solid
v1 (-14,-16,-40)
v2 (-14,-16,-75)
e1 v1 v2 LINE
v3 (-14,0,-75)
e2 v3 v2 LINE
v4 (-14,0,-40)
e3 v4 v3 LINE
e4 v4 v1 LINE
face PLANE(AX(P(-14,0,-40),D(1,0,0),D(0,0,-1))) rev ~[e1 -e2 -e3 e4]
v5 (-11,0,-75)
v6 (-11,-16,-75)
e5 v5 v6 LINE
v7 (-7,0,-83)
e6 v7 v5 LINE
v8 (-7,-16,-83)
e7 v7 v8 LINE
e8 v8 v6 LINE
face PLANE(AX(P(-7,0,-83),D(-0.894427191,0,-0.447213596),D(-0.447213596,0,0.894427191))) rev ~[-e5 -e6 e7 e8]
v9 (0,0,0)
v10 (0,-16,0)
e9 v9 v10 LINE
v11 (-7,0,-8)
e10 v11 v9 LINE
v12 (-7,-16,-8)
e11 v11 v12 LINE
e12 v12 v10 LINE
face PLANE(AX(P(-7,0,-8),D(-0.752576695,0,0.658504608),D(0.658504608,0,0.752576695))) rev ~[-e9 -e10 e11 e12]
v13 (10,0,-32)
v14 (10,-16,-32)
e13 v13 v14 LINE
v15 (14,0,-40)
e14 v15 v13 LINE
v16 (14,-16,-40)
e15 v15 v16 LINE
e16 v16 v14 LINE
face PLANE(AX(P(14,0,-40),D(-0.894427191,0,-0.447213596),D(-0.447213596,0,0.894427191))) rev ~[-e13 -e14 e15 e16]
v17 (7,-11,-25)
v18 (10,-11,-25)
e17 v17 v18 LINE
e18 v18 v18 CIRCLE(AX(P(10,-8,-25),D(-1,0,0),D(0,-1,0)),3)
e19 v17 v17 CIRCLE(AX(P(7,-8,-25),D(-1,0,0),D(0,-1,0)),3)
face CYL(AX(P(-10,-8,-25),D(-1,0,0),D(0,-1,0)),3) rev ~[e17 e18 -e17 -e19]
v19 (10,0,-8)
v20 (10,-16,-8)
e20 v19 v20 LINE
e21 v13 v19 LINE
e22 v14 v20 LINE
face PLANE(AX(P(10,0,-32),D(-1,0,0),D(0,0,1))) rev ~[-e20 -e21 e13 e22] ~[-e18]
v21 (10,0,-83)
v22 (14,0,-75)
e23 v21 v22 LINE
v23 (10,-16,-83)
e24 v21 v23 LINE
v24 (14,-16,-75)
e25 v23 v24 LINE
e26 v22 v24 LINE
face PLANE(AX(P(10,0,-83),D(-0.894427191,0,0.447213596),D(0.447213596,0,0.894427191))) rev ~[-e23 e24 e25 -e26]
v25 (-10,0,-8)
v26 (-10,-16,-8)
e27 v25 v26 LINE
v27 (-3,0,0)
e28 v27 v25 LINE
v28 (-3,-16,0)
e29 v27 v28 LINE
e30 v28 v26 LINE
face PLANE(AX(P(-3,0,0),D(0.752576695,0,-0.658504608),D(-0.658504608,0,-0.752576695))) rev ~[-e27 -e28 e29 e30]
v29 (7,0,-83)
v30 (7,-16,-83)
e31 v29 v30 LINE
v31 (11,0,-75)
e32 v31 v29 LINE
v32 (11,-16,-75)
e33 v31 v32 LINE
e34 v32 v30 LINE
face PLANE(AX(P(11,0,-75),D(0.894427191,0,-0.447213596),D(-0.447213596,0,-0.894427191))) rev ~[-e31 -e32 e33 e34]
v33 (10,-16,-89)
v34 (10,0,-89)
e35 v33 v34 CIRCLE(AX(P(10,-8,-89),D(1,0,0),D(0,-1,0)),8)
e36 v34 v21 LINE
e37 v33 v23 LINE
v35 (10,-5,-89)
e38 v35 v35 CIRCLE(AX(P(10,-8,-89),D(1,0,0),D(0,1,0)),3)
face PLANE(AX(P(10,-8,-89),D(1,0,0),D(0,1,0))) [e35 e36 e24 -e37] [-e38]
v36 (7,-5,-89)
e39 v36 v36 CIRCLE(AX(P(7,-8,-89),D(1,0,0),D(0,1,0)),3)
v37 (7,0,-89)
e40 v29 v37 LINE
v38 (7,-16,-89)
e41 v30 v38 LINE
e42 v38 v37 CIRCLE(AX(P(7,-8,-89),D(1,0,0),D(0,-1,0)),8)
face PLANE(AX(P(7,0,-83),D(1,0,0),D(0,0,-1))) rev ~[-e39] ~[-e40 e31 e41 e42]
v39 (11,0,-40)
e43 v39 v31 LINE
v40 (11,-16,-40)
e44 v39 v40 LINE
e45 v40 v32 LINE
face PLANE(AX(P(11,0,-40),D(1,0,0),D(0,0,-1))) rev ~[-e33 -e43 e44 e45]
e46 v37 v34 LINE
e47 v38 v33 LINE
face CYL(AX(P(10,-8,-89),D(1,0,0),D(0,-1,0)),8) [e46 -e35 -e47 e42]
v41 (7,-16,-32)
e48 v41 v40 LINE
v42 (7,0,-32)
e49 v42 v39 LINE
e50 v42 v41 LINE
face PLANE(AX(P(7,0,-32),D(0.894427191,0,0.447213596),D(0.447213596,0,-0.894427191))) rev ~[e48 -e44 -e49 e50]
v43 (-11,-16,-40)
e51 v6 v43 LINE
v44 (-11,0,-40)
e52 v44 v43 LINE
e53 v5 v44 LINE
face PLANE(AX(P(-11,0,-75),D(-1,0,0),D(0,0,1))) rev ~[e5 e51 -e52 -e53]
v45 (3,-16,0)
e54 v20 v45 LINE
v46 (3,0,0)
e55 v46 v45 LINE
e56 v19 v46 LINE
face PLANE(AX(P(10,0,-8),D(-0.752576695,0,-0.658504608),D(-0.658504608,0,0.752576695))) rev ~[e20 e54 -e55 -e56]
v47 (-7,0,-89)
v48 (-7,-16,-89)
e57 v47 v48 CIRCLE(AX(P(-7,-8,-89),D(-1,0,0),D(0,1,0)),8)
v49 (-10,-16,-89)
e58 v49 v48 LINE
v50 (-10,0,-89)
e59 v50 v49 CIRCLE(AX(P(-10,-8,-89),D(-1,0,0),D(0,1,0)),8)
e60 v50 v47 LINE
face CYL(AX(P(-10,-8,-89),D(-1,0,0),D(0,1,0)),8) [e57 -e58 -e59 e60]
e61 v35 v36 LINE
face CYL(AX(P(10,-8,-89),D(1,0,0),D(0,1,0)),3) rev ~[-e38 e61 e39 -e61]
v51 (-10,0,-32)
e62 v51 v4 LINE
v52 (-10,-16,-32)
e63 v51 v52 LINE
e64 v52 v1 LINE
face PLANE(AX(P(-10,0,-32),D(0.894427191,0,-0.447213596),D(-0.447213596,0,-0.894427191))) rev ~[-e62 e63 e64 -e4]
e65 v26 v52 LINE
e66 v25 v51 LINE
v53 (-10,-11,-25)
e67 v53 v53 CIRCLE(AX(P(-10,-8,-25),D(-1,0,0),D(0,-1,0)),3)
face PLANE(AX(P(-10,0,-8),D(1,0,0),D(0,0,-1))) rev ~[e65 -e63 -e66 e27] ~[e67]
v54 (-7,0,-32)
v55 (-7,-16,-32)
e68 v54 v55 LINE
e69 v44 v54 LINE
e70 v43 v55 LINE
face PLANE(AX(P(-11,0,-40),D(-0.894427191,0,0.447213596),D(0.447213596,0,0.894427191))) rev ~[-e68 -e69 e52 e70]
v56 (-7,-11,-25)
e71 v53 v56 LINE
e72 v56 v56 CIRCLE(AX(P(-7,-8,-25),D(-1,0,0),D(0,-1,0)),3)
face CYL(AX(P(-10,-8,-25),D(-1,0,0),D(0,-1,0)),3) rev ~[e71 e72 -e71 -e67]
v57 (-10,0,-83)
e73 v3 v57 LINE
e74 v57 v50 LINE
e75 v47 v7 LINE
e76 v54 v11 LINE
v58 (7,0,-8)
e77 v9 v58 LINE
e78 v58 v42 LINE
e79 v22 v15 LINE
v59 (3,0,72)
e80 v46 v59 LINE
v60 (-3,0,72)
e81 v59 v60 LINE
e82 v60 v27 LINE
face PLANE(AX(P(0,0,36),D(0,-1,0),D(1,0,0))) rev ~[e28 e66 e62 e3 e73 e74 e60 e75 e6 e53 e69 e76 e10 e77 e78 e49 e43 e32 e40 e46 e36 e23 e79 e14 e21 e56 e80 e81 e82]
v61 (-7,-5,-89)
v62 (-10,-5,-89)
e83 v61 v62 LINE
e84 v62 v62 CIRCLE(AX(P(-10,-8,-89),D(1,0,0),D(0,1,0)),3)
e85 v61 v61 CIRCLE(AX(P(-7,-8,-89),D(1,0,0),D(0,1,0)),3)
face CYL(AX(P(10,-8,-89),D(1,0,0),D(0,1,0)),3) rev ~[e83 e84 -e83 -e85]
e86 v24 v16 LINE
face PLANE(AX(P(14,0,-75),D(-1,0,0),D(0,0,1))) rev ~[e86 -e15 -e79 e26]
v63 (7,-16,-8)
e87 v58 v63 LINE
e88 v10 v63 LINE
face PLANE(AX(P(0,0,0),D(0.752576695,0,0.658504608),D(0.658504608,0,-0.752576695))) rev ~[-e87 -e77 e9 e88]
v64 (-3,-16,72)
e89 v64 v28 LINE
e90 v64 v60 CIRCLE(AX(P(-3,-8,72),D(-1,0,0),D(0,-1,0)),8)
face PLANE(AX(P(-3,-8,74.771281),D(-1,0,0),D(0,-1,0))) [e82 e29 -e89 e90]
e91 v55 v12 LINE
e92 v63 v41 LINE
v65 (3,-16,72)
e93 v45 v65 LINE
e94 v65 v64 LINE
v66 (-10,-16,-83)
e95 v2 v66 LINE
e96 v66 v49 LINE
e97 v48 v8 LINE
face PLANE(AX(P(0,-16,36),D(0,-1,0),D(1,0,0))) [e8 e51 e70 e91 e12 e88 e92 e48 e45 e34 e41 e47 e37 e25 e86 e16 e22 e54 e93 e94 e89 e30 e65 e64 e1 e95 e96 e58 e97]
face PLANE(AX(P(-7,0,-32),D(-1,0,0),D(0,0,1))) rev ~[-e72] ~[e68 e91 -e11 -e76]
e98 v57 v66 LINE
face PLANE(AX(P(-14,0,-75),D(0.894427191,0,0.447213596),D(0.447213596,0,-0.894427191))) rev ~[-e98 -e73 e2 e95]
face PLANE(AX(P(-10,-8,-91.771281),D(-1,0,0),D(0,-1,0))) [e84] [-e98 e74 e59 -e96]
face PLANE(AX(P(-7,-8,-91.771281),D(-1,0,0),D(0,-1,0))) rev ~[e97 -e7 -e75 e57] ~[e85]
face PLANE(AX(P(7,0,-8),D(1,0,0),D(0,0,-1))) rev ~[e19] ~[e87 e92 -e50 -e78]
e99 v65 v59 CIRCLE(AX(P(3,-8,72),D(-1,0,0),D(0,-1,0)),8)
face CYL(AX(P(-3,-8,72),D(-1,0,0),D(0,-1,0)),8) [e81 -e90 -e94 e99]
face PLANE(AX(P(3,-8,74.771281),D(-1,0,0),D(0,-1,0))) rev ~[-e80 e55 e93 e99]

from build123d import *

# Parameters (mm, degrees)
F1_DEPTH  = 16
F2_R      = 3
F3_DEPTH  = 20
F5_DEPTH  = 6
F7_DEPTH  = 3
F8_R      = 3
F9_DEPTH  = 3
F10_DEPTH = 20


with BuildPart() as f1:
    # F0 (on Front) → F1 (new body)
    with BuildSketch(Plane.XZ):
        Polygon((3, 72), (-3, 72), (-3, 0), (0, 0), (3, 0), align=None)
        Polygon((0, 0), (-3, 0), (-10, -8), (-10, -32), (-14, -40), (-14, -75), (-10, -83), (-10, -89), (-7, -89), (-7, -83), (-11, -75), (-11, -40), (-7, -32), (-7, -8), align=None)
        Polygon((10, -8), (3, 0), (0, 0), (7, -8), (7, -32), (11, -40), (11, -75), (7, -83), (7, -89), (10, -89), (10, -83), (14, -75), (14, -40), (10, -32), align=None)
    extrude(amount=F1_DEPTH)

    # F2 (on face) → F3 (cut)
    with BuildSketch(Plane(origin=(-10, 0, 0), x_dir=(0, -1, 0), z_dir=(-1, 0, 0))):
        with Locations((8, -25)):
            Circle(F2_R)
    extrude(amount=-F3_DEPTH, mode=Mode.SUBTRACT)

    # F4 (on face) → F5 (join)
    with BuildSketch(Plane(origin=(-3, 0, 0), x_dir=(0, -1, 0), z_dir=(-1, 0, 0))):
        with BuildLine():
            Line((0, 72), (16, 72))
            ThreePointArc((16, 72), (8, 80), (0, 72))
        make_face()
    extrude(amount=-F5_DEPTH)

    # F6 (on face) → F7 (join)
    with BuildSketch(Plane(origin=(-10, 0, 0), x_dir=(0, -1, 0), z_dir=(-1, 0, 0))):
        with BuildLine():
            Line((16, -89), (0, -89))
            ThreePointArc((0, -89), (8, -97), (16, -89))
        make_face()
    extrude(amount=-F7_DEPTH)

    # F8 (on face) → F9 (join)
    with BuildSketch(Plane.YZ.offset(10)):
        with Locations((-8, -89)):
            Circle(F8_R)
        with BuildLine():
            Line((-11, -89), (-16, -89))
            ThreePointArc((-16, -89), (-8, -97), (0, -89))
            Line((0, -89), (-5, -89))
            ThreePointArc((-5, -89), (-8, -92), (-11, -89))
        make_face()
    extrude(amount=-F9_DEPTH)

    # F8 (on face) → F10 (cut)
    with BuildSketch(Plane.YZ.offset(10)):
        with Locations((-8, -89)):
            Circle(F8_R)
    extrude(amount=-F10_DEPTH, mode=Mode.SUBTRACT)


solid = f1.part
